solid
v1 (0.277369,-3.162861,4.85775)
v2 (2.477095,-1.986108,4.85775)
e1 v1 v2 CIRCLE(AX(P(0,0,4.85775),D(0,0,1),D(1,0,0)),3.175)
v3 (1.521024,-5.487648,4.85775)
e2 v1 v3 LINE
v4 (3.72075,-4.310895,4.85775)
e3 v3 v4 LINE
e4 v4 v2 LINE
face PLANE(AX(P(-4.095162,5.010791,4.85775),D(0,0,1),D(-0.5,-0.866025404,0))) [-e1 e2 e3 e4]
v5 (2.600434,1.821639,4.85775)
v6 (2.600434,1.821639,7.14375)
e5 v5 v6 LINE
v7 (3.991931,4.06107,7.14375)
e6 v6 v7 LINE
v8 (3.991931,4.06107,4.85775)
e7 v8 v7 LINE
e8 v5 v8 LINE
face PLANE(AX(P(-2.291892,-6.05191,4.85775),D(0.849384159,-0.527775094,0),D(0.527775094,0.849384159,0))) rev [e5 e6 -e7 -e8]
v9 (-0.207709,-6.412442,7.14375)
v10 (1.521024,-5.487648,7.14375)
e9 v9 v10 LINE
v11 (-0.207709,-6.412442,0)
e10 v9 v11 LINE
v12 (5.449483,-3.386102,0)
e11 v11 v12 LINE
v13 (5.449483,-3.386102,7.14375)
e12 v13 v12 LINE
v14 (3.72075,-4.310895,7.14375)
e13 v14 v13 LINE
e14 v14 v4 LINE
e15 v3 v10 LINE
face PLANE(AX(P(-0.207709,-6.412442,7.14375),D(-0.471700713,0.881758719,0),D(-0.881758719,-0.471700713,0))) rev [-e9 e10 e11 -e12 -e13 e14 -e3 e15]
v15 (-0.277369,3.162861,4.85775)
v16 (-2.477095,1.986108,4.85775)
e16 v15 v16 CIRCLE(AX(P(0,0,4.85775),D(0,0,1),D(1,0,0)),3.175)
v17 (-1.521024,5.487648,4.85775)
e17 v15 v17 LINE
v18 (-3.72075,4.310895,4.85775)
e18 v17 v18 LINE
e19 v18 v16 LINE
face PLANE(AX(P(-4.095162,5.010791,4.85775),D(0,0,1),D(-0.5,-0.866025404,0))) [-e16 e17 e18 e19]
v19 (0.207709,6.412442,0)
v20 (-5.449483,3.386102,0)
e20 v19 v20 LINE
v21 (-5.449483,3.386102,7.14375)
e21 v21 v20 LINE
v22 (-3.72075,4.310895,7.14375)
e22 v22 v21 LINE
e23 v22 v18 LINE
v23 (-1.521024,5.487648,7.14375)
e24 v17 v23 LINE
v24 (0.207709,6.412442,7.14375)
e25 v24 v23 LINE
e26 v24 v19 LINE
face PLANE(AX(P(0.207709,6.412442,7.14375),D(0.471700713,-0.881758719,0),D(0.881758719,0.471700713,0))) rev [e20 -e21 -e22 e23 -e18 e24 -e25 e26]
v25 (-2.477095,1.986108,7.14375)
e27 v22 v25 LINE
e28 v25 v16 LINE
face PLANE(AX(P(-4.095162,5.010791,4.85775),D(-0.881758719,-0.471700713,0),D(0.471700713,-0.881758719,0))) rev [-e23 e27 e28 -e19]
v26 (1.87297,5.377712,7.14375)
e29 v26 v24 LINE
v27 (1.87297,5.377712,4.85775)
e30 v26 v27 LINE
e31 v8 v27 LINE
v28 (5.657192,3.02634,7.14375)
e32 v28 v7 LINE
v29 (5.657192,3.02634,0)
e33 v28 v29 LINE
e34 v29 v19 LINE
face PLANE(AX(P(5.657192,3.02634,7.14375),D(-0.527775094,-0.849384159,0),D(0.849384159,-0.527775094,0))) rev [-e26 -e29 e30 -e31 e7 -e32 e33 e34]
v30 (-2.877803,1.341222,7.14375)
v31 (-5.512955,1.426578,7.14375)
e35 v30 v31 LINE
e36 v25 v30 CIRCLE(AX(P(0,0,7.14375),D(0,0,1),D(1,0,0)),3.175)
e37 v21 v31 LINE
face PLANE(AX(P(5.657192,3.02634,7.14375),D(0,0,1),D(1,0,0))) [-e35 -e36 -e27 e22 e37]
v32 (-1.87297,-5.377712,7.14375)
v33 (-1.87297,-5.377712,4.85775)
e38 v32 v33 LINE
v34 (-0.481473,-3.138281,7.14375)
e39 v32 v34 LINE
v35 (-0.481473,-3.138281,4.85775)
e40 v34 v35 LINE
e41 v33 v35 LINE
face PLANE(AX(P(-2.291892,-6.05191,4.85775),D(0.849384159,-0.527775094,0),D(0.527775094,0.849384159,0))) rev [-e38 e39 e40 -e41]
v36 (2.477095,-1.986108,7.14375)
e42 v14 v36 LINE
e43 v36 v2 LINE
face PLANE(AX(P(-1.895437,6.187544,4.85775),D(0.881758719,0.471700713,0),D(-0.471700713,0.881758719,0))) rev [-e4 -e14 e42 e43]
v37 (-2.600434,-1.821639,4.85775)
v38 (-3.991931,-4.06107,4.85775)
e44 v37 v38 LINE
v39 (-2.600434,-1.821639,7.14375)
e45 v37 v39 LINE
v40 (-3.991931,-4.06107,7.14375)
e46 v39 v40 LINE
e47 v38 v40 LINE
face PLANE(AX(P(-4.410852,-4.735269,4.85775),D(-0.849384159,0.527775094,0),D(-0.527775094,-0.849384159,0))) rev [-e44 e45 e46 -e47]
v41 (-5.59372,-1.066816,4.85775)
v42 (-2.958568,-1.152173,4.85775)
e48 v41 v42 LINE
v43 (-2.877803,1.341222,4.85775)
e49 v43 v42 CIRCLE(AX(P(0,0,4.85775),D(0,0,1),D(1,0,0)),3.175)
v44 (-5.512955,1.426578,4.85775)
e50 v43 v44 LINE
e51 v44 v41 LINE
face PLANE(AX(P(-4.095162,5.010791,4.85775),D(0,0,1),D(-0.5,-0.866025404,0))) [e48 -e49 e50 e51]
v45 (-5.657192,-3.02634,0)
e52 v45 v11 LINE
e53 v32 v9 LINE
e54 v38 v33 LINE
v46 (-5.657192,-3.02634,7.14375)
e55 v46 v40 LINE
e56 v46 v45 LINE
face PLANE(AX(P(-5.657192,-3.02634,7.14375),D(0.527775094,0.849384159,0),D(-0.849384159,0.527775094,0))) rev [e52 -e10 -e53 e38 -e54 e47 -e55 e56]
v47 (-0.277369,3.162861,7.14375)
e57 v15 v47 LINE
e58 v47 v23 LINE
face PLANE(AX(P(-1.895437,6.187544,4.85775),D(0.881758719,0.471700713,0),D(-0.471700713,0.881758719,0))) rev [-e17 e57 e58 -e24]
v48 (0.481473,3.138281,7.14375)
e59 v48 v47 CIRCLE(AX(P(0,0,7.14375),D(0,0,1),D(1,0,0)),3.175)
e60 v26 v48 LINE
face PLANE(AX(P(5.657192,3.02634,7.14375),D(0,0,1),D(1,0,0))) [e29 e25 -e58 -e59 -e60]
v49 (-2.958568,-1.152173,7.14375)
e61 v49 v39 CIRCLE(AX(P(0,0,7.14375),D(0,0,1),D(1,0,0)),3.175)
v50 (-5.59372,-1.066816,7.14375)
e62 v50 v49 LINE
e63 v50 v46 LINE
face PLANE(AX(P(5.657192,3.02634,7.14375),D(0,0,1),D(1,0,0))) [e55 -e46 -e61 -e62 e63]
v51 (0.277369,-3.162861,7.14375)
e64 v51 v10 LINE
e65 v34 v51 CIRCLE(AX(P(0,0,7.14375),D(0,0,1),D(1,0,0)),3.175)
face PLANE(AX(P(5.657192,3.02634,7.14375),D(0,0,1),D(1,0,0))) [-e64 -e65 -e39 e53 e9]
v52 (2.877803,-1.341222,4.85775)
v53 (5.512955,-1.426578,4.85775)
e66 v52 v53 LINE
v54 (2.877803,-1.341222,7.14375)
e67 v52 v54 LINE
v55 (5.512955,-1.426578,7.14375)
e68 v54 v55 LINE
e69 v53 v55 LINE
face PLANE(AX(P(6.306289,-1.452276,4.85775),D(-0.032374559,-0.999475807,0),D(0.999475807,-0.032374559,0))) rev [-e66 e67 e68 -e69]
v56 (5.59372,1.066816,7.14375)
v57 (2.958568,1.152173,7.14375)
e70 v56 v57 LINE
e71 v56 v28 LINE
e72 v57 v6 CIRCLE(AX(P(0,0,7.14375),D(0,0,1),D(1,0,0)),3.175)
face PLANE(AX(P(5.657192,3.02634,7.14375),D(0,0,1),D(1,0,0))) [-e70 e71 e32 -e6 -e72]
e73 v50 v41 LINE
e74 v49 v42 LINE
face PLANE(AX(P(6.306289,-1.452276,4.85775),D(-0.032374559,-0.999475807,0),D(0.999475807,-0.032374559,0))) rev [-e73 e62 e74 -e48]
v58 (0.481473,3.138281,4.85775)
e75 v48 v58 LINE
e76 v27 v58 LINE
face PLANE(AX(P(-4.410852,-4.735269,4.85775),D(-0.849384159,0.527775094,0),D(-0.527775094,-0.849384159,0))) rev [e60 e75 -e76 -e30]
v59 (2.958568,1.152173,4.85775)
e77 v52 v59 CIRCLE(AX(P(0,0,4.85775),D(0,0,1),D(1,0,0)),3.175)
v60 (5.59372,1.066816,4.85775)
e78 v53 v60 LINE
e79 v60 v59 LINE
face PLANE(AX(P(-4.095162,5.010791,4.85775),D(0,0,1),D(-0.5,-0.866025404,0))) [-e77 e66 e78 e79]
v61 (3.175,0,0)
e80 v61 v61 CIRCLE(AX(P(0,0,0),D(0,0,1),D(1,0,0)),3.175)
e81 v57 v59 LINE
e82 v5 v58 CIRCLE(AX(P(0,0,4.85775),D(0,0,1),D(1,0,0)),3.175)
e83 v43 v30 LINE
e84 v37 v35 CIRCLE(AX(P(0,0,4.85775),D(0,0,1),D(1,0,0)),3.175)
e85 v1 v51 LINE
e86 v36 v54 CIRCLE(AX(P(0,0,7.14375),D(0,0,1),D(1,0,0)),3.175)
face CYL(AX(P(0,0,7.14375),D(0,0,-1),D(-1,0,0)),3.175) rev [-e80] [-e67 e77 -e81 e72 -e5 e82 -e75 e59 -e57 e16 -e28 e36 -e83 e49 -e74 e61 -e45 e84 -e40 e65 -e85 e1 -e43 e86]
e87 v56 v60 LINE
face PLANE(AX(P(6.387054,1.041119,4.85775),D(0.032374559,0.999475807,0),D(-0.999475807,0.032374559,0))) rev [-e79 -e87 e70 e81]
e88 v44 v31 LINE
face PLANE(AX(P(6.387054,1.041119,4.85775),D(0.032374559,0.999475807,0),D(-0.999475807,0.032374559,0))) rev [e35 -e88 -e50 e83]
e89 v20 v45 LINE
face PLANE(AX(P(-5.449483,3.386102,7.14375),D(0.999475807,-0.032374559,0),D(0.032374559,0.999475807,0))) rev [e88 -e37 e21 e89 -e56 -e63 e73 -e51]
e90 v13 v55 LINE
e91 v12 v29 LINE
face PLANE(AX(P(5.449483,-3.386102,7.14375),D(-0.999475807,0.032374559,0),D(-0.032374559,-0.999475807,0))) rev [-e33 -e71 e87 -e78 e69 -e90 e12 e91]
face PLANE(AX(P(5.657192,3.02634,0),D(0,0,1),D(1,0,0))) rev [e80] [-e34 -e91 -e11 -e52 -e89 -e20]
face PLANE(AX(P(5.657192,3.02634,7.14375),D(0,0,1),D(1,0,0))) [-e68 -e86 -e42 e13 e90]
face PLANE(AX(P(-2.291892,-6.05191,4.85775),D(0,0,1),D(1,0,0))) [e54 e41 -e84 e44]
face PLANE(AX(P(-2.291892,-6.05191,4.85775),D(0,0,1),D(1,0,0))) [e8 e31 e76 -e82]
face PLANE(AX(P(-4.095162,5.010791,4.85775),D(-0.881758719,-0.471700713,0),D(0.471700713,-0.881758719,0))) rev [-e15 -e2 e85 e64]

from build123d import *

# Parameters (mm, degrees)
SKETCH1_R         = 3.175
EXTRUDE1_DEPTH    = 7.14375
EXTRUDE2_DEPTH    = 2.286
CIRPATTERN1_COUNT = 3


with BuildPart() as part:
    # Sketch1 → Extrude1 (new body)
    with BuildSketch(Plane.XY):
        Polygon((5.657191877, 3.026339728), (0.207708854, 6.412441744), (-5.449483023, 3.386102016), (-5.657191877, -3.026339728), (-0.207708854, -6.412441744), (5.449483023, -3.386102016), align=None)
        Circle(SKETCH1_R, mode=Mode.SUBTRACT)
    extrude(amount=EXTRUDE1_DEPTH)

    # Sketch2 → Extrude2 (cut)
    with BuildSketch(Plane.XY.offset(7.14375)):
        Polygon((-4.410852186, -4.735268522), (2.291891507, 6.051910302), (4.410852186, 4.735268522), (-2.291891507, -6.051910302), align=None)
    extrude2 = extrude(amount=-EXTRUDE2_DEPTH, mode=Mode.SUBTRACT)

    # CirPattern1: Extrude2 ×3 about axis
    cirpattern1_axis = Axis((0, 0, 0), (0, 0, 1))
    for i in range(1, CIRPATTERN1_COUNT):
        add(extrude2.rotate(cirpattern1_axis, i * 360 / CIRPATTERN1_COUNT), mode=Mode.SUBTRACT)


solid = part.part
